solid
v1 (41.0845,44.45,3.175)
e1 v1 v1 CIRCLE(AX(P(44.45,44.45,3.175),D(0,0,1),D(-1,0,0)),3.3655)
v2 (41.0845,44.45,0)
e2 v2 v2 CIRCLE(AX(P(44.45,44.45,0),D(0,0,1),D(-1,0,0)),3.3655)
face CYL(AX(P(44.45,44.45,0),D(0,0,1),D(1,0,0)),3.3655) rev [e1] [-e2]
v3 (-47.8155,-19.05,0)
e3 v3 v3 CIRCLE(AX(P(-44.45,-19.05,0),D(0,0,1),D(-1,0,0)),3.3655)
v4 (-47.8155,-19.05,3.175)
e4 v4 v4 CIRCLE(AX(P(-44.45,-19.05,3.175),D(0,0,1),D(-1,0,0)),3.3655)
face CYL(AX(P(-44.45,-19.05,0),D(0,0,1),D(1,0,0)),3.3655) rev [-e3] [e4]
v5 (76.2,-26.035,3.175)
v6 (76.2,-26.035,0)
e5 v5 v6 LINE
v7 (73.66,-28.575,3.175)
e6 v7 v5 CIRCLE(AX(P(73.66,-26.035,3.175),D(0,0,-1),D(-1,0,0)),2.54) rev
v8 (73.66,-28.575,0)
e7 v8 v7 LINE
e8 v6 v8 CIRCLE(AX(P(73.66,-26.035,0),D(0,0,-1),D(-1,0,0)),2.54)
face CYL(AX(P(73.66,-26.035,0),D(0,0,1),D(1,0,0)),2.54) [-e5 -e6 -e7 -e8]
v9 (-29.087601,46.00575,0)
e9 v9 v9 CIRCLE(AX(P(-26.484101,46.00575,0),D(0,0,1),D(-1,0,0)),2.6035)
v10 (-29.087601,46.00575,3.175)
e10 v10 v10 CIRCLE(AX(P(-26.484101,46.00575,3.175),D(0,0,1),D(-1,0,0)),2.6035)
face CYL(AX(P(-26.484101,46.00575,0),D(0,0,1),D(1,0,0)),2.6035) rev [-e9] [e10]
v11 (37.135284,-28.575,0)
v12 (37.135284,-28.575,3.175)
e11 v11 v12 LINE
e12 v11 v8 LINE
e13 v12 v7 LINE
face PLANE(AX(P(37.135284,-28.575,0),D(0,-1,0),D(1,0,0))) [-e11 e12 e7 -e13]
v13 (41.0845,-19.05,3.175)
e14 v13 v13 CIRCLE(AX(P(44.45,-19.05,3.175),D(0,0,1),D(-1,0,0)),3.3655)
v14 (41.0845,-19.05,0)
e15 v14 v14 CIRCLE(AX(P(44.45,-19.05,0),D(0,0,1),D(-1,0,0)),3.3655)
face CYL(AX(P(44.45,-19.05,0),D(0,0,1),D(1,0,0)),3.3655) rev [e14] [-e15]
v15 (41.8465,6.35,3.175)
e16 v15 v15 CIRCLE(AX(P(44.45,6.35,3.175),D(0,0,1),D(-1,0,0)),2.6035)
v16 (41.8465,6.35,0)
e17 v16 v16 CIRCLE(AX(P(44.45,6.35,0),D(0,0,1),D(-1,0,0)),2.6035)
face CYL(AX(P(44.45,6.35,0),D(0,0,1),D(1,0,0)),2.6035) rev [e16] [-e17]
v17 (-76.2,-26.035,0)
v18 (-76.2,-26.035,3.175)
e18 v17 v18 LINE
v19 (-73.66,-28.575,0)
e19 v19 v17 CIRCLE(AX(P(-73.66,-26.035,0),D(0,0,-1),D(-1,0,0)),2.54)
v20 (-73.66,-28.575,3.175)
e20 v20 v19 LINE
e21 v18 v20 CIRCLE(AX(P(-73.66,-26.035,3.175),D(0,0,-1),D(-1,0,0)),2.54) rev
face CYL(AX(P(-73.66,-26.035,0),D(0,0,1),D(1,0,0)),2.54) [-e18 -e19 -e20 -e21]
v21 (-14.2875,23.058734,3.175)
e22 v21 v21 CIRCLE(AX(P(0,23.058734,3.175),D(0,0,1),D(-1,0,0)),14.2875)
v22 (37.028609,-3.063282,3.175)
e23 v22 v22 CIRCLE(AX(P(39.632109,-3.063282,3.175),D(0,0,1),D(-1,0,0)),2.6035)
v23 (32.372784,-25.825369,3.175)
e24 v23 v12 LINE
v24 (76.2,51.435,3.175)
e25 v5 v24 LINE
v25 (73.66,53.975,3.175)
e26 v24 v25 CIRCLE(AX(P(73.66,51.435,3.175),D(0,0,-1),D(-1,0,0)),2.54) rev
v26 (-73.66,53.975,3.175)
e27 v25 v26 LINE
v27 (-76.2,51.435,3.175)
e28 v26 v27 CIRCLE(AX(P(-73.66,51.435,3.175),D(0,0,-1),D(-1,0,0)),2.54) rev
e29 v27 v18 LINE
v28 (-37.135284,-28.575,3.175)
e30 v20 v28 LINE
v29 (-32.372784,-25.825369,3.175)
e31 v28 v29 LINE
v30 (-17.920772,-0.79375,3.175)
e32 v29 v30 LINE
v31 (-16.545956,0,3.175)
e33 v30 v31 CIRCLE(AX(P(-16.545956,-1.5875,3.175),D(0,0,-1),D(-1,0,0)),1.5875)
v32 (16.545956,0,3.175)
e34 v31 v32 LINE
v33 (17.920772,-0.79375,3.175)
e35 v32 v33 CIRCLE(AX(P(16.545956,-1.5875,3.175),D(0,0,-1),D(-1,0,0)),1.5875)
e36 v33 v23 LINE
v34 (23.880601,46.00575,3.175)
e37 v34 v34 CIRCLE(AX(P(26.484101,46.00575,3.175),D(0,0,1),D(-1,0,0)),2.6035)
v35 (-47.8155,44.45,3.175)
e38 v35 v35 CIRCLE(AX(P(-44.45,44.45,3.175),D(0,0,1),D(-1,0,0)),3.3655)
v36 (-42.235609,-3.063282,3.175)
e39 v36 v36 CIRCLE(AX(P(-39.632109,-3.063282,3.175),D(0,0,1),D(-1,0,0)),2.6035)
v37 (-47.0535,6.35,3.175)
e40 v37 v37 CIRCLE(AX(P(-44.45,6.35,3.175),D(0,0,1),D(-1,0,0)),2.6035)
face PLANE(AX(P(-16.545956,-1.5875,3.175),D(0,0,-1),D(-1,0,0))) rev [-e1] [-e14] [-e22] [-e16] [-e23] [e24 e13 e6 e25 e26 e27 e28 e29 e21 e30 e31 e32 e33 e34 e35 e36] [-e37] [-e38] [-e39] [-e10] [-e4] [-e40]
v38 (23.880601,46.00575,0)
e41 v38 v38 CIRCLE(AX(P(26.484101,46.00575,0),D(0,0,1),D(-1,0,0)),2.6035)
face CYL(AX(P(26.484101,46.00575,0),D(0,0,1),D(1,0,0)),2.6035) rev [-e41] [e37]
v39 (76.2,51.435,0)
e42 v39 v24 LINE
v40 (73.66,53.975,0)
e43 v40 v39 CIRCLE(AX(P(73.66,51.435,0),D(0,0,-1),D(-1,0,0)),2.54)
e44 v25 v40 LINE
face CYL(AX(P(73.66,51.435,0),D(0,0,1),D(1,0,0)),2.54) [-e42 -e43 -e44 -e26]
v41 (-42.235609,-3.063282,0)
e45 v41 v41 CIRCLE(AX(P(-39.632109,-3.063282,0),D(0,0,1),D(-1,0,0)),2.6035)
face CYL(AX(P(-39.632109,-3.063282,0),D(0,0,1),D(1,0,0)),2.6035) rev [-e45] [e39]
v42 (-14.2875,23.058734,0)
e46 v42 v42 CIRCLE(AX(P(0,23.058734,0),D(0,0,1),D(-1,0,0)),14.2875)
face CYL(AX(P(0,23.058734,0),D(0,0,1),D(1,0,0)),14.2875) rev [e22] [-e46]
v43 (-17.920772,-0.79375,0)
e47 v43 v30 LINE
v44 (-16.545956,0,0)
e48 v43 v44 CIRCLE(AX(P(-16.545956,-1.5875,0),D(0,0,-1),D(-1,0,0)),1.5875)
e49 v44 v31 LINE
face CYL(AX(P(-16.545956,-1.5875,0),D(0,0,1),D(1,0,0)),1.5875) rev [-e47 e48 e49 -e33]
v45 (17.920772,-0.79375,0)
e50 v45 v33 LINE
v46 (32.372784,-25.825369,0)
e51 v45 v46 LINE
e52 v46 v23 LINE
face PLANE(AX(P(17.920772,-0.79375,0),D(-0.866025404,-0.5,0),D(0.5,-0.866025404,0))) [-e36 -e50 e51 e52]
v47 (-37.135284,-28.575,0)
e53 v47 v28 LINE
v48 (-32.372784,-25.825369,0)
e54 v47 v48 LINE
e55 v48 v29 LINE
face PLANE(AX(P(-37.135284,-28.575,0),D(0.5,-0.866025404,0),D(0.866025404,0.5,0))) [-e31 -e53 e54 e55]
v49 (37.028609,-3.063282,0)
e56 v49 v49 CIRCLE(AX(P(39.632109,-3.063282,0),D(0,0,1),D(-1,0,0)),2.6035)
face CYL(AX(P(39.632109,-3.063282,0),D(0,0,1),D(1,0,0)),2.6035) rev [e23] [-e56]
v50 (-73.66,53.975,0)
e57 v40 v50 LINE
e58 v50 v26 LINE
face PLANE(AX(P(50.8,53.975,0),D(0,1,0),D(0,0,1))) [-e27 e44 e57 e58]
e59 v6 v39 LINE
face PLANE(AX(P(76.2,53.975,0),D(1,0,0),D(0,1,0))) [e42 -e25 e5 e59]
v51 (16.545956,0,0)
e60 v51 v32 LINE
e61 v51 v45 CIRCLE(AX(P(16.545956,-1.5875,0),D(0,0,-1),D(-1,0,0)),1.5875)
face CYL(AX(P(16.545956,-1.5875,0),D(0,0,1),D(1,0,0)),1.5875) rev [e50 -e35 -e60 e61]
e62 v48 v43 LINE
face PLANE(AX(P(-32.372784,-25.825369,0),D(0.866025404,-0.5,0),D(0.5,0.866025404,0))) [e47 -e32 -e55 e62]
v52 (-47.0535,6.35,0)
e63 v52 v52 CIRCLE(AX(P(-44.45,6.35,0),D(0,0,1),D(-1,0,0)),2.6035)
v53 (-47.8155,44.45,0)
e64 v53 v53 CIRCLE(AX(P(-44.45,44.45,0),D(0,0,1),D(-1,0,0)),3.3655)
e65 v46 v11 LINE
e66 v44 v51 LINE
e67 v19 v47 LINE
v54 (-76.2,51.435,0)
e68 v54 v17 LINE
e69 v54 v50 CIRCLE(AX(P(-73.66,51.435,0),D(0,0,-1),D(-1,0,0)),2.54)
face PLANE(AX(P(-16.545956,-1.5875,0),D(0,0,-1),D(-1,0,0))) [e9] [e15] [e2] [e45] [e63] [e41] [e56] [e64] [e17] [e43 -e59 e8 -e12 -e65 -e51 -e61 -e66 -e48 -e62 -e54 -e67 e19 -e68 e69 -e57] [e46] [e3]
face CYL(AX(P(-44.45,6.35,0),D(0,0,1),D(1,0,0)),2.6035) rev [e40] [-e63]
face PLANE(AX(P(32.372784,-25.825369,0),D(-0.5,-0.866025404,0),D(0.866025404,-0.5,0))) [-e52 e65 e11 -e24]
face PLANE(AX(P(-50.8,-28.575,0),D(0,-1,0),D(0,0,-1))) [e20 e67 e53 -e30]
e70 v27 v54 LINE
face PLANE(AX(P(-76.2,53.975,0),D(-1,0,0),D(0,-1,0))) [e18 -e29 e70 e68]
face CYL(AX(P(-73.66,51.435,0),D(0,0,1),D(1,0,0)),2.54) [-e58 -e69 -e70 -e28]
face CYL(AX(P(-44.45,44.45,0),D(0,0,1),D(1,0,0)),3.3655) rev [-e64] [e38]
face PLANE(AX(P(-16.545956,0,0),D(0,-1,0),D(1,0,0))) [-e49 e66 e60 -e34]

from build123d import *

# Parameters (mm, degrees)
SKETCH1_R           = 2.6035
SKETCH1_R_2         = 3.3655
SKETCH1_R_3         = 14.2875
BOSS_EXTRUDE1_DEPTH = 3.175
SKETCH2_W           = 25.4
SKETCH2_H           = 82.55
BOSS_EXTRUDE2_DEPTH = 3.175
FILLET1_R           = 2.54


with BuildPart() as part:
    # Sketch1 → Boss-Extrude1 (new body)
    with BuildSketch(Plane.XY.offset(3.175)):
        with BuildLine():
            Line((53.975, -25.4), (53.975, 50.8))
            Line((53.975, 50.8), (50.8, 53.975))
            Line((50.8, 53.975), (-50.8, 53.975))
            Line((-50.8, 53.975), (-53.975, 50.8))
            Line((-53.975, 50.8), (-53.975, -25.4))
            Line((-53.975, -25.4), (-50.8, -28.575))
            Line((-50.8, -28.575), (-37.135283942, -28.575))
            Line((-37.135283942, -28.575), (-32.372783942, -25.825369343))
            Line((-32.372783942, -25.825369343), (-17.920771776, -0.79375))
            ThreePointArc((-17.920771776, -0.79375), (-17.339706448, -0.212684671), (-16.545956448, 0))
            Line((-16.545956448, 0), (16.545956448, 0))
            ThreePointArc((16.545956448, 0), (17.339706448, -0.212684671), (17.920771776, -0.79375))
            Line((17.920771776, -0.79375), (32.372783942, -25.825369343))
            Line((32.372783942, -25.825369343), (37.135283942, -28.575))
            Line((37.135283942, -28.575), (50.8, -28.575))
            Line((50.8, -28.575), (53.975, -25.4))
        make_face()
        with Locations((44.45, 6.35)):
            Circle(SKETCH1_R, mode=Mode.SUBTRACT)
        with Locations((26.484101205, 46.005749811)):
            Circle(SKETCH1_R, mode=Mode.SUBTRACT)
        with Locations((-39.632108696, -3.063282164)):
            Circle(SKETCH1_R, mode=Mode.SUBTRACT)
        with Locations((44.45, -19.05)):
            Circle(SKETCH1_R_2, mode=Mode.SUBTRACT)
        with Locations((44.45, 44.45)):
            Circle(SKETCH1_R_2, mode=Mode.SUBTRACT)
        with Locations((0, 23.058733918)):
            Circle(SKETCH1_R_3, mode=Mode.SUBTRACT)
        with Locations((-44.45, 44.45)):
            Circle(SKETCH1_R_2, mode=Mode.SUBTRACT)
        with Locations((-44.45, -19.05)):
            Circle(SKETCH1_R_2, mode=Mode.SUBTRACT)
        with Locations((-44.45, 6.35)):
            Circle(SKETCH1_R, mode=Mode.SUBTRACT)
        with Locations((-26.484101205, 46.005749811)):
            Circle(SKETCH1_R, mode=Mode.SUBTRACT)
        with Locations((39.632108696, -3.063282164)):
            Circle(SKETCH1_R, mode=Mode.SUBTRACT)
    extrude(amount=-BOSS_EXTRUDE1_DEPTH)

    # Sketch2 → Boss-Extrude2 (add, through all)
    with BuildSketch(Plane.XY.offset(3.175)):
        with Locations((-63.5, 12.7)):
            Rectangle(SKETCH2_W, SKETCH2_H)
        with Locations((63.5, 12.7)):
            Rectangle(SKETCH2_W, SKETCH2_H)
    extrude(amount=-BOSS_EXTRUDE2_DEPTH)

    # Fillet1
    fillet1_edges = [part.edges().sort_by_distance(p)[0] for p in [
        (76.2, -28.575, 1.5875),
        (76.2, 53.975, 1.5875),
        (-76.2, -28.575, 1.5875),
        (-76.2, 53.975, 1.5875),
    ]]
    fillet(fillet1_edges, radius=FILLET1_R)


solid = part.part
